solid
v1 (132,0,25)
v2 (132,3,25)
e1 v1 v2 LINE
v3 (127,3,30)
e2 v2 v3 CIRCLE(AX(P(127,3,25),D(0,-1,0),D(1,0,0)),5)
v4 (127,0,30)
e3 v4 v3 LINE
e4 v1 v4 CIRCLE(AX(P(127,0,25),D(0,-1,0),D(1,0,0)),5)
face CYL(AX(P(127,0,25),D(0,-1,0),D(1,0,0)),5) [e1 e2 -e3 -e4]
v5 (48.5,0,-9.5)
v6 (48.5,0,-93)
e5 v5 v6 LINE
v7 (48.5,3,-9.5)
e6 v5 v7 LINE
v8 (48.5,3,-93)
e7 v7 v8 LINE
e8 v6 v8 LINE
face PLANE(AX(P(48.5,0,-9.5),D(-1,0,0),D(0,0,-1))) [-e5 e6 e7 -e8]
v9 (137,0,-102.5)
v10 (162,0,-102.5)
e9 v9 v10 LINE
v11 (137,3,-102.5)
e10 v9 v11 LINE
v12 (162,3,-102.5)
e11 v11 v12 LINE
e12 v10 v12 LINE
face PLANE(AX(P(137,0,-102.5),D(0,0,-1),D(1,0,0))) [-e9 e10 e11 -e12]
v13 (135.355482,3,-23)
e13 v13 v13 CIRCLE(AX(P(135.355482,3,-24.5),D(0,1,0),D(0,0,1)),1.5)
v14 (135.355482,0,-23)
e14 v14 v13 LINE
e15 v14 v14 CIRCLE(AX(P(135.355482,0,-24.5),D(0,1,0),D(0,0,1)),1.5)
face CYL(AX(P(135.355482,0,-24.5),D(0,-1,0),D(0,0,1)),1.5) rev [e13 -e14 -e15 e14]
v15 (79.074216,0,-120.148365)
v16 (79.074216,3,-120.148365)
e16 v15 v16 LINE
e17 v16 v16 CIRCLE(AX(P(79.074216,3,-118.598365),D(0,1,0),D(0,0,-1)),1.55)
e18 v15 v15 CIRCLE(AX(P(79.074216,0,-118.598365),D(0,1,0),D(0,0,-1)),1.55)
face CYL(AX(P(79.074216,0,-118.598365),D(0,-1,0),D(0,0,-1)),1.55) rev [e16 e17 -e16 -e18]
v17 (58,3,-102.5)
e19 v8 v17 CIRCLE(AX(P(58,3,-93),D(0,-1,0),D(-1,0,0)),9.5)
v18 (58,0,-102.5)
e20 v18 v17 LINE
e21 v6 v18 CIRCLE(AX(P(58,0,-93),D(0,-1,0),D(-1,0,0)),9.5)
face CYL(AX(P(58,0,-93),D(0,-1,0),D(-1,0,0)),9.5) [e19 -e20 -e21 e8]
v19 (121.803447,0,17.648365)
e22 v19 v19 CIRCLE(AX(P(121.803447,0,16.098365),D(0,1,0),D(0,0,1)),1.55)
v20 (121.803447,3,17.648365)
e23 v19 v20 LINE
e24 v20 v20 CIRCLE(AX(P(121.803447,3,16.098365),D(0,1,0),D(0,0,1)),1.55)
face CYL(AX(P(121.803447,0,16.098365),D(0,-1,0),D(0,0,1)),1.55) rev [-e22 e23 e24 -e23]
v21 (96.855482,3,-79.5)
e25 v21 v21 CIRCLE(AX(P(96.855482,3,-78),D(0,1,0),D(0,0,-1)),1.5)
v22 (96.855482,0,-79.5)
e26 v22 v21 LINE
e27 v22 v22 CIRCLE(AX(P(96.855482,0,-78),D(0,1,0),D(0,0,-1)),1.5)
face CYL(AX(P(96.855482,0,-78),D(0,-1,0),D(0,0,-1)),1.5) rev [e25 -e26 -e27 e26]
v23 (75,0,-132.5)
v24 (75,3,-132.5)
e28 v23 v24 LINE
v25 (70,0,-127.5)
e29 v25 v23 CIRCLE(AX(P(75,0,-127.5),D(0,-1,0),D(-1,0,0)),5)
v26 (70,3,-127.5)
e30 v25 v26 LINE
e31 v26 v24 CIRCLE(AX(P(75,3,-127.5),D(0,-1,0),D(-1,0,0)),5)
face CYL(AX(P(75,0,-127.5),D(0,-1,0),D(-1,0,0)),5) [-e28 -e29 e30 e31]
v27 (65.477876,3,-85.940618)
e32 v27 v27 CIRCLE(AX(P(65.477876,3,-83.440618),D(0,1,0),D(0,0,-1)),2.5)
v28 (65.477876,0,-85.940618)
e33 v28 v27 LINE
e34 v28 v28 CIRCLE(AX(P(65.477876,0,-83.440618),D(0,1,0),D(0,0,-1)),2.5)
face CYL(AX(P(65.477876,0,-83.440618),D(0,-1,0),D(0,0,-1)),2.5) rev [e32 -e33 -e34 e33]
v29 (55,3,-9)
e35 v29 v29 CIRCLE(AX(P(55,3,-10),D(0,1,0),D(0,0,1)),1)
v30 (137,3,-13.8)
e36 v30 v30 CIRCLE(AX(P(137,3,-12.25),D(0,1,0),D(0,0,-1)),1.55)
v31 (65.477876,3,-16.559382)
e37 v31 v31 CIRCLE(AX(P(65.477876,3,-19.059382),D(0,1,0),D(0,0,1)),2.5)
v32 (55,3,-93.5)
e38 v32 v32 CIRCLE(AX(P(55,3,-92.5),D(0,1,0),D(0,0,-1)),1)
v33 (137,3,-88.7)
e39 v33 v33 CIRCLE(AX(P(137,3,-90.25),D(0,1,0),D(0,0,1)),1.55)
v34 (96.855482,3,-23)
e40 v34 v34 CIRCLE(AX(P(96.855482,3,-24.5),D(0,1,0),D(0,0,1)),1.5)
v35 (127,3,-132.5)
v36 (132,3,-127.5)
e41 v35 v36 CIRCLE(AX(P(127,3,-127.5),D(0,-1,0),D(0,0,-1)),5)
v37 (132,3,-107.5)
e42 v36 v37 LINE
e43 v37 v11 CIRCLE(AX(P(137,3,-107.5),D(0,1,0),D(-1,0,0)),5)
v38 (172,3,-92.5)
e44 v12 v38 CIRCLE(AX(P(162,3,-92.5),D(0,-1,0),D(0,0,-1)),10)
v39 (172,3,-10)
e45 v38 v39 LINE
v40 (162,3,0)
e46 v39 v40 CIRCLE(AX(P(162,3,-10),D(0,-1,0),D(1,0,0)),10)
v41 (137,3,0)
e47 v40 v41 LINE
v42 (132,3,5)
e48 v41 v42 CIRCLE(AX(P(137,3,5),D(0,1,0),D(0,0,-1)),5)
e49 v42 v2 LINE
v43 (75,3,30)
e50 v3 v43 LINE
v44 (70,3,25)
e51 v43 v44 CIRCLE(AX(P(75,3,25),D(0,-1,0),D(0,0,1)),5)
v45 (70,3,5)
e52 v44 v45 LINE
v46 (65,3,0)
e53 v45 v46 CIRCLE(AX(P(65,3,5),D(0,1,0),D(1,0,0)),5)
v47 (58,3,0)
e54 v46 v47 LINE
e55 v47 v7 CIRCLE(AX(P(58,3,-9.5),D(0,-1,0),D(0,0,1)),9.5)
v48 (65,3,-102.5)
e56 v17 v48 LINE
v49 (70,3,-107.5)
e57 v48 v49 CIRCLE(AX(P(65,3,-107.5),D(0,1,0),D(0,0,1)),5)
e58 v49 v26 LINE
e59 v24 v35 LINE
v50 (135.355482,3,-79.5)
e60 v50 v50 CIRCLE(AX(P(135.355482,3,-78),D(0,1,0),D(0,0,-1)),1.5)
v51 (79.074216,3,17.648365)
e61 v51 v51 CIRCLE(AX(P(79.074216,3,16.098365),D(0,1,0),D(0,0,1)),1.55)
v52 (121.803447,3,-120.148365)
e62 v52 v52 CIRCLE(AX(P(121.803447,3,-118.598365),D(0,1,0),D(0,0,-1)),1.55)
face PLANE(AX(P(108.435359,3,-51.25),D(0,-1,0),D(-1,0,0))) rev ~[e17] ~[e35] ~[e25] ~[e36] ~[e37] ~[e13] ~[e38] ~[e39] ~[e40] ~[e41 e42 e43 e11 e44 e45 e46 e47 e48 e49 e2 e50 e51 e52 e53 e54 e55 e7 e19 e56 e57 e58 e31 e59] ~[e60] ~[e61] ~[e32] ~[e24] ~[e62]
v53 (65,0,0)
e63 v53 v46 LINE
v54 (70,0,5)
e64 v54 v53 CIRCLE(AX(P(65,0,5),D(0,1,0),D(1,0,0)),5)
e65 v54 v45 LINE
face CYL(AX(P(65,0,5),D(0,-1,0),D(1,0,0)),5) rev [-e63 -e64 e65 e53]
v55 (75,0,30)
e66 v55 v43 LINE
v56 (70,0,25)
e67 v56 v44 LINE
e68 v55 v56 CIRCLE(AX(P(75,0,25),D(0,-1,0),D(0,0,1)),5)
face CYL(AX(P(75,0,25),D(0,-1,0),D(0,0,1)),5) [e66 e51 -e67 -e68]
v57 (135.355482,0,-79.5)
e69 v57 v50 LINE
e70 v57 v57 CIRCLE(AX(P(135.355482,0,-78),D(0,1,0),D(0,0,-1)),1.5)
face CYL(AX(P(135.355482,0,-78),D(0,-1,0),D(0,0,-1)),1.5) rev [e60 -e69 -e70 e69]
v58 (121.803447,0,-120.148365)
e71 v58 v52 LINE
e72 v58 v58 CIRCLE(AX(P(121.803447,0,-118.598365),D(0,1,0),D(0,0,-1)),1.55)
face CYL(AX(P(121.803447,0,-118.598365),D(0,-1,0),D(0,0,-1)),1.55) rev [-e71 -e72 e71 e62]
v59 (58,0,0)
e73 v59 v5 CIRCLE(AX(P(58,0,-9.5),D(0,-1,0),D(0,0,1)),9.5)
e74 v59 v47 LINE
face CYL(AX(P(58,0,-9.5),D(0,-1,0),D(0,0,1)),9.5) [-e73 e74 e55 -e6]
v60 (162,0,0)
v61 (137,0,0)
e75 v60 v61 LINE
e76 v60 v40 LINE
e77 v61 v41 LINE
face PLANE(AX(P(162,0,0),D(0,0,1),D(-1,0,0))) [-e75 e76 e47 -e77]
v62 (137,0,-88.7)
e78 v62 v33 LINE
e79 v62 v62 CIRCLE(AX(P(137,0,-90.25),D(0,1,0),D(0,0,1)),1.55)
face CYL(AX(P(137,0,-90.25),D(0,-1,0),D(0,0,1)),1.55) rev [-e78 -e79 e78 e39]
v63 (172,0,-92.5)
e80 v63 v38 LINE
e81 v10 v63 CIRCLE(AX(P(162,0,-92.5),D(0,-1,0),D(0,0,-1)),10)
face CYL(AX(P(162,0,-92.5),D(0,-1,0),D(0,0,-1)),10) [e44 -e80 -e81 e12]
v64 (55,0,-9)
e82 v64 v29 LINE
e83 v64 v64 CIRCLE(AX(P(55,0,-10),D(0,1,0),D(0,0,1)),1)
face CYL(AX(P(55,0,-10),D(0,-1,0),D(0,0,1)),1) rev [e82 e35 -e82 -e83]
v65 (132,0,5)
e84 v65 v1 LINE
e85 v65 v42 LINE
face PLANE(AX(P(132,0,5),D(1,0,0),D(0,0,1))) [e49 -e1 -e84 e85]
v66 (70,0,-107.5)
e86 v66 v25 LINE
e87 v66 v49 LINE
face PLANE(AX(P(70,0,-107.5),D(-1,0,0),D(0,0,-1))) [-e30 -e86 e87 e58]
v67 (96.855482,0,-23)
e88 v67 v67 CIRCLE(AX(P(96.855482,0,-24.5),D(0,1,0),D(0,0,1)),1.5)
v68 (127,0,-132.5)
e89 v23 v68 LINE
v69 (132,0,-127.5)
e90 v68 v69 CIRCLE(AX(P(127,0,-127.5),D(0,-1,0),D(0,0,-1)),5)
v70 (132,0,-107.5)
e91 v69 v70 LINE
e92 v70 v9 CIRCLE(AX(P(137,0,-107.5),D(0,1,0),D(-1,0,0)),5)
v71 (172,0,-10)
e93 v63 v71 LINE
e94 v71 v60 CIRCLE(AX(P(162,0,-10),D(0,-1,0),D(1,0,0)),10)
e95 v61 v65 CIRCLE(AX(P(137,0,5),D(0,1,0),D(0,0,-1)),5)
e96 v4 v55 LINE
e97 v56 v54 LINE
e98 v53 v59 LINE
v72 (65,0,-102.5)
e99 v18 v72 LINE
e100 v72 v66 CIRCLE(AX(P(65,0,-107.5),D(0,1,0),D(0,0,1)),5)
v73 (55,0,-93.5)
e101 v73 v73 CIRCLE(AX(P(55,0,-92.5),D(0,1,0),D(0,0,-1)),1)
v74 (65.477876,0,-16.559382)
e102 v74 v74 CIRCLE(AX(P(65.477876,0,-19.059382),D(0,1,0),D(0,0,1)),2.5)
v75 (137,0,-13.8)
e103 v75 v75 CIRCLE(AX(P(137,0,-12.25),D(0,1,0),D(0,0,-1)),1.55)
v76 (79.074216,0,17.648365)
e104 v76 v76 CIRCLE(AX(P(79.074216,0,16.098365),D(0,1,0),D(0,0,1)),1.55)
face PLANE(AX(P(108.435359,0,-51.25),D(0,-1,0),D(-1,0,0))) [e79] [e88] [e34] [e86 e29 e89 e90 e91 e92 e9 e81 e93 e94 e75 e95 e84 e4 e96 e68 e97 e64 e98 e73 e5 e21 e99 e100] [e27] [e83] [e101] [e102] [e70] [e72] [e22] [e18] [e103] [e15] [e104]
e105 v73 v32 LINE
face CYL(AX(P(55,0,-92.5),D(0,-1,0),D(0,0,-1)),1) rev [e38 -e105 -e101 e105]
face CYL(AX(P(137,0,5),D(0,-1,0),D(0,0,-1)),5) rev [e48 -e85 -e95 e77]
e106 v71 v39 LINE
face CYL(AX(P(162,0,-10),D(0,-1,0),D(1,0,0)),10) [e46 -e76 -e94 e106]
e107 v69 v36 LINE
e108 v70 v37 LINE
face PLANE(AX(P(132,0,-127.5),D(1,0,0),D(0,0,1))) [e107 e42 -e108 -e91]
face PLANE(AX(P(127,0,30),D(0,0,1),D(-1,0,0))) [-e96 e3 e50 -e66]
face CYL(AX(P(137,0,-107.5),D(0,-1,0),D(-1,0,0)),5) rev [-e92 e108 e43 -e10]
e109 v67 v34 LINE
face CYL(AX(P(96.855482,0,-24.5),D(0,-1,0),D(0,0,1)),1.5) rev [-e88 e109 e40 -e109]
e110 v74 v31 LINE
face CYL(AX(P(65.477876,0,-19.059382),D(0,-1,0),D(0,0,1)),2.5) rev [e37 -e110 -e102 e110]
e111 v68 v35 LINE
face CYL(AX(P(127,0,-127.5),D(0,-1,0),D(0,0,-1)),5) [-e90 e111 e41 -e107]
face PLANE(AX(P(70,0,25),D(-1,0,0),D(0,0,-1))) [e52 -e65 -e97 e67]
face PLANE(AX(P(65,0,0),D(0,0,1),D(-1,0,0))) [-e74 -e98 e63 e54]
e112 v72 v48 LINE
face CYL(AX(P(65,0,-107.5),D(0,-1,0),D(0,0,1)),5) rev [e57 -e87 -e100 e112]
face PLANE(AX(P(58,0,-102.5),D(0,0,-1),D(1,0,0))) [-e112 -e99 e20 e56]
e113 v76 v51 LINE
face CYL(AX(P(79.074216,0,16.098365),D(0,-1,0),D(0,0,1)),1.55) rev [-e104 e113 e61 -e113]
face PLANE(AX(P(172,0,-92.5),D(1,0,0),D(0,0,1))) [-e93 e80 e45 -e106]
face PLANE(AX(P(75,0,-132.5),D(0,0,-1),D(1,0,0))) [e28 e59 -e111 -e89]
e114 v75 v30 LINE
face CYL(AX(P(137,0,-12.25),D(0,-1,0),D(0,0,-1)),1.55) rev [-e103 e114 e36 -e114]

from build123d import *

# Parameters (mm, degrees)
SKETCH_1_R      = 1.5
SKETCH_1_R_2    = 2.5
SKETCH_1_R_3    = 1.55
SKETCH_1_R_4    = 1
EXTRUDE_1_DEPTH = 3


with BuildPart() as part:
    # 草图1 → 凸台-拉伸1 (new body)
    with BuildSketch(Plane(origin=(0, 0, 0), x_dir=(1, 0, 0), z_dir=(0, 1, 0))):
        with BuildLine():
            Line((132, -5), (132, -25))
            ThreePointArc((132, -25), (130.535533906, -28.535533906), (127, -30))
            Line((127, -30), (75, -30))
            ThreePointArc((75, -30), (71.464466094, -28.535533906), (70, -25))
            Line((70, -25), (70, -5))
            ThreePointArc((70, -5), (68.535533906, -1.464466094), (65, 0))
            Line((65, 0), (58, 0))
            ThreePointArc((58, 0), (51.282485579, 2.782485579), (48.5, 9.5))
            Line((48.5, 9.5), (48.5, 93))
            ThreePointArc((48.5, 93), (51.282485579, 99.717514421), (58, 102.5))
            Line((58, 102.5), (65, 102.5))
            ThreePointArc((65, 102.5), (68.535533906, 103.964466094), (70, 107.5))
            Line((70, 107.5), (70, 127.5))
            ThreePointArc((70, 127.5), (71.464466094, 131.035533906), (75, 132.5))
            Line((75, 132.5), (127, 132.5))
            ThreePointArc((127, 132.5), (130.535533906, 131.035533906), (132, 127.5))
            Line((132, 127.5), (132, 107.5))
            ThreePointArc((132, 107.5), (133.464466094, 103.964466094), (137, 102.5))
            Line((137, 102.5), (162, 102.5))
            ThreePointArc((162, 102.5), (169.071067812, 99.571067812), (172, 92.5))
            Line((172, 92.5), (172, 10))
            ThreePointArc((172, 10), (169.071067812, 2.928932188), (162, 0))
            Line((162, 0), (137, 0))
            ThreePointArc((137, 0), (133.464466094, -1.464466094), (132, -5))
        make_face()
        with Locations(Location((96.855482095, 24.5, 0), (0, 0, 270))):
            Circle(SKETCH_1_R, mode=Mode.SUBTRACT)
        with Locations(Location((135.355482095, 24.5, 0), (0, 0, 270))):
            Circle(SKETCH_1_R, mode=Mode.SUBTRACT)
        with Locations(Location((65.477875917, 19.059382071, 0), (0, 0, 270))):
            Circle(SKETCH_1_R_2, mode=Mode.SUBTRACT)
        with Locations(Location((79.074216313, -16.098364995, 0), (0, 0, 270))):
            Circle(SKETCH_1_R_3, mode=Mode.SUBTRACT)
        with Locations(Location((121.803446989, -16.098364995, 0), (0, 0, 270))):
            Circle(SKETCH_1_R_3, mode=Mode.SUBTRACT)
        with Locations(Location((135.355482095, 78, 0), (0, 0, 90))):
            Circle(SKETCH_1_R, mode=Mode.SUBTRACT)
        with Locations(Location((96.855482095, 78, 0), (0, 0, 90))):
            Circle(SKETCH_1_R, mode=Mode.SUBTRACT)
        with Locations(Location((65.477875917, 83.440617929, 0), (0, 0, 90))):
            Circle(SKETCH_1_R_2, mode=Mode.SUBTRACT)
        with Locations(Location((55, 10, 0), (0, 0, 270))):
            Circle(SKETCH_1_R_4, mode=Mode.SUBTRACT)
        with Locations(Location((55, 92.5, 0), (0, 0, 90))):
            Circle(SKETCH_1_R_4, mode=Mode.SUBTRACT)
        with Locations(Location((121.803446989, 118.598364995, 0), (0, 0, 90))):
            Circle(SKETCH_1_R_3, mode=Mode.SUBTRACT)
        with Locations(Location((79.074216313, 118.598364995, 0), (0, 0, 90))):
            Circle(SKETCH_1_R_3, mode=Mode.SUBTRACT)
        with Locations(Location((137, 90.25, 0), (0, 0, 270))):
            Circle(SKETCH_1_R_3, mode=Mode.SUBTRACT)
        with Locations(Location((137, 12.25, 0), (0, 0, 90))):
            Circle(SKETCH_1_R_3, mode=Mode.SUBTRACT)
    extrude(amount=EXTRUDE_1_DEPTH)


solid = part.part
